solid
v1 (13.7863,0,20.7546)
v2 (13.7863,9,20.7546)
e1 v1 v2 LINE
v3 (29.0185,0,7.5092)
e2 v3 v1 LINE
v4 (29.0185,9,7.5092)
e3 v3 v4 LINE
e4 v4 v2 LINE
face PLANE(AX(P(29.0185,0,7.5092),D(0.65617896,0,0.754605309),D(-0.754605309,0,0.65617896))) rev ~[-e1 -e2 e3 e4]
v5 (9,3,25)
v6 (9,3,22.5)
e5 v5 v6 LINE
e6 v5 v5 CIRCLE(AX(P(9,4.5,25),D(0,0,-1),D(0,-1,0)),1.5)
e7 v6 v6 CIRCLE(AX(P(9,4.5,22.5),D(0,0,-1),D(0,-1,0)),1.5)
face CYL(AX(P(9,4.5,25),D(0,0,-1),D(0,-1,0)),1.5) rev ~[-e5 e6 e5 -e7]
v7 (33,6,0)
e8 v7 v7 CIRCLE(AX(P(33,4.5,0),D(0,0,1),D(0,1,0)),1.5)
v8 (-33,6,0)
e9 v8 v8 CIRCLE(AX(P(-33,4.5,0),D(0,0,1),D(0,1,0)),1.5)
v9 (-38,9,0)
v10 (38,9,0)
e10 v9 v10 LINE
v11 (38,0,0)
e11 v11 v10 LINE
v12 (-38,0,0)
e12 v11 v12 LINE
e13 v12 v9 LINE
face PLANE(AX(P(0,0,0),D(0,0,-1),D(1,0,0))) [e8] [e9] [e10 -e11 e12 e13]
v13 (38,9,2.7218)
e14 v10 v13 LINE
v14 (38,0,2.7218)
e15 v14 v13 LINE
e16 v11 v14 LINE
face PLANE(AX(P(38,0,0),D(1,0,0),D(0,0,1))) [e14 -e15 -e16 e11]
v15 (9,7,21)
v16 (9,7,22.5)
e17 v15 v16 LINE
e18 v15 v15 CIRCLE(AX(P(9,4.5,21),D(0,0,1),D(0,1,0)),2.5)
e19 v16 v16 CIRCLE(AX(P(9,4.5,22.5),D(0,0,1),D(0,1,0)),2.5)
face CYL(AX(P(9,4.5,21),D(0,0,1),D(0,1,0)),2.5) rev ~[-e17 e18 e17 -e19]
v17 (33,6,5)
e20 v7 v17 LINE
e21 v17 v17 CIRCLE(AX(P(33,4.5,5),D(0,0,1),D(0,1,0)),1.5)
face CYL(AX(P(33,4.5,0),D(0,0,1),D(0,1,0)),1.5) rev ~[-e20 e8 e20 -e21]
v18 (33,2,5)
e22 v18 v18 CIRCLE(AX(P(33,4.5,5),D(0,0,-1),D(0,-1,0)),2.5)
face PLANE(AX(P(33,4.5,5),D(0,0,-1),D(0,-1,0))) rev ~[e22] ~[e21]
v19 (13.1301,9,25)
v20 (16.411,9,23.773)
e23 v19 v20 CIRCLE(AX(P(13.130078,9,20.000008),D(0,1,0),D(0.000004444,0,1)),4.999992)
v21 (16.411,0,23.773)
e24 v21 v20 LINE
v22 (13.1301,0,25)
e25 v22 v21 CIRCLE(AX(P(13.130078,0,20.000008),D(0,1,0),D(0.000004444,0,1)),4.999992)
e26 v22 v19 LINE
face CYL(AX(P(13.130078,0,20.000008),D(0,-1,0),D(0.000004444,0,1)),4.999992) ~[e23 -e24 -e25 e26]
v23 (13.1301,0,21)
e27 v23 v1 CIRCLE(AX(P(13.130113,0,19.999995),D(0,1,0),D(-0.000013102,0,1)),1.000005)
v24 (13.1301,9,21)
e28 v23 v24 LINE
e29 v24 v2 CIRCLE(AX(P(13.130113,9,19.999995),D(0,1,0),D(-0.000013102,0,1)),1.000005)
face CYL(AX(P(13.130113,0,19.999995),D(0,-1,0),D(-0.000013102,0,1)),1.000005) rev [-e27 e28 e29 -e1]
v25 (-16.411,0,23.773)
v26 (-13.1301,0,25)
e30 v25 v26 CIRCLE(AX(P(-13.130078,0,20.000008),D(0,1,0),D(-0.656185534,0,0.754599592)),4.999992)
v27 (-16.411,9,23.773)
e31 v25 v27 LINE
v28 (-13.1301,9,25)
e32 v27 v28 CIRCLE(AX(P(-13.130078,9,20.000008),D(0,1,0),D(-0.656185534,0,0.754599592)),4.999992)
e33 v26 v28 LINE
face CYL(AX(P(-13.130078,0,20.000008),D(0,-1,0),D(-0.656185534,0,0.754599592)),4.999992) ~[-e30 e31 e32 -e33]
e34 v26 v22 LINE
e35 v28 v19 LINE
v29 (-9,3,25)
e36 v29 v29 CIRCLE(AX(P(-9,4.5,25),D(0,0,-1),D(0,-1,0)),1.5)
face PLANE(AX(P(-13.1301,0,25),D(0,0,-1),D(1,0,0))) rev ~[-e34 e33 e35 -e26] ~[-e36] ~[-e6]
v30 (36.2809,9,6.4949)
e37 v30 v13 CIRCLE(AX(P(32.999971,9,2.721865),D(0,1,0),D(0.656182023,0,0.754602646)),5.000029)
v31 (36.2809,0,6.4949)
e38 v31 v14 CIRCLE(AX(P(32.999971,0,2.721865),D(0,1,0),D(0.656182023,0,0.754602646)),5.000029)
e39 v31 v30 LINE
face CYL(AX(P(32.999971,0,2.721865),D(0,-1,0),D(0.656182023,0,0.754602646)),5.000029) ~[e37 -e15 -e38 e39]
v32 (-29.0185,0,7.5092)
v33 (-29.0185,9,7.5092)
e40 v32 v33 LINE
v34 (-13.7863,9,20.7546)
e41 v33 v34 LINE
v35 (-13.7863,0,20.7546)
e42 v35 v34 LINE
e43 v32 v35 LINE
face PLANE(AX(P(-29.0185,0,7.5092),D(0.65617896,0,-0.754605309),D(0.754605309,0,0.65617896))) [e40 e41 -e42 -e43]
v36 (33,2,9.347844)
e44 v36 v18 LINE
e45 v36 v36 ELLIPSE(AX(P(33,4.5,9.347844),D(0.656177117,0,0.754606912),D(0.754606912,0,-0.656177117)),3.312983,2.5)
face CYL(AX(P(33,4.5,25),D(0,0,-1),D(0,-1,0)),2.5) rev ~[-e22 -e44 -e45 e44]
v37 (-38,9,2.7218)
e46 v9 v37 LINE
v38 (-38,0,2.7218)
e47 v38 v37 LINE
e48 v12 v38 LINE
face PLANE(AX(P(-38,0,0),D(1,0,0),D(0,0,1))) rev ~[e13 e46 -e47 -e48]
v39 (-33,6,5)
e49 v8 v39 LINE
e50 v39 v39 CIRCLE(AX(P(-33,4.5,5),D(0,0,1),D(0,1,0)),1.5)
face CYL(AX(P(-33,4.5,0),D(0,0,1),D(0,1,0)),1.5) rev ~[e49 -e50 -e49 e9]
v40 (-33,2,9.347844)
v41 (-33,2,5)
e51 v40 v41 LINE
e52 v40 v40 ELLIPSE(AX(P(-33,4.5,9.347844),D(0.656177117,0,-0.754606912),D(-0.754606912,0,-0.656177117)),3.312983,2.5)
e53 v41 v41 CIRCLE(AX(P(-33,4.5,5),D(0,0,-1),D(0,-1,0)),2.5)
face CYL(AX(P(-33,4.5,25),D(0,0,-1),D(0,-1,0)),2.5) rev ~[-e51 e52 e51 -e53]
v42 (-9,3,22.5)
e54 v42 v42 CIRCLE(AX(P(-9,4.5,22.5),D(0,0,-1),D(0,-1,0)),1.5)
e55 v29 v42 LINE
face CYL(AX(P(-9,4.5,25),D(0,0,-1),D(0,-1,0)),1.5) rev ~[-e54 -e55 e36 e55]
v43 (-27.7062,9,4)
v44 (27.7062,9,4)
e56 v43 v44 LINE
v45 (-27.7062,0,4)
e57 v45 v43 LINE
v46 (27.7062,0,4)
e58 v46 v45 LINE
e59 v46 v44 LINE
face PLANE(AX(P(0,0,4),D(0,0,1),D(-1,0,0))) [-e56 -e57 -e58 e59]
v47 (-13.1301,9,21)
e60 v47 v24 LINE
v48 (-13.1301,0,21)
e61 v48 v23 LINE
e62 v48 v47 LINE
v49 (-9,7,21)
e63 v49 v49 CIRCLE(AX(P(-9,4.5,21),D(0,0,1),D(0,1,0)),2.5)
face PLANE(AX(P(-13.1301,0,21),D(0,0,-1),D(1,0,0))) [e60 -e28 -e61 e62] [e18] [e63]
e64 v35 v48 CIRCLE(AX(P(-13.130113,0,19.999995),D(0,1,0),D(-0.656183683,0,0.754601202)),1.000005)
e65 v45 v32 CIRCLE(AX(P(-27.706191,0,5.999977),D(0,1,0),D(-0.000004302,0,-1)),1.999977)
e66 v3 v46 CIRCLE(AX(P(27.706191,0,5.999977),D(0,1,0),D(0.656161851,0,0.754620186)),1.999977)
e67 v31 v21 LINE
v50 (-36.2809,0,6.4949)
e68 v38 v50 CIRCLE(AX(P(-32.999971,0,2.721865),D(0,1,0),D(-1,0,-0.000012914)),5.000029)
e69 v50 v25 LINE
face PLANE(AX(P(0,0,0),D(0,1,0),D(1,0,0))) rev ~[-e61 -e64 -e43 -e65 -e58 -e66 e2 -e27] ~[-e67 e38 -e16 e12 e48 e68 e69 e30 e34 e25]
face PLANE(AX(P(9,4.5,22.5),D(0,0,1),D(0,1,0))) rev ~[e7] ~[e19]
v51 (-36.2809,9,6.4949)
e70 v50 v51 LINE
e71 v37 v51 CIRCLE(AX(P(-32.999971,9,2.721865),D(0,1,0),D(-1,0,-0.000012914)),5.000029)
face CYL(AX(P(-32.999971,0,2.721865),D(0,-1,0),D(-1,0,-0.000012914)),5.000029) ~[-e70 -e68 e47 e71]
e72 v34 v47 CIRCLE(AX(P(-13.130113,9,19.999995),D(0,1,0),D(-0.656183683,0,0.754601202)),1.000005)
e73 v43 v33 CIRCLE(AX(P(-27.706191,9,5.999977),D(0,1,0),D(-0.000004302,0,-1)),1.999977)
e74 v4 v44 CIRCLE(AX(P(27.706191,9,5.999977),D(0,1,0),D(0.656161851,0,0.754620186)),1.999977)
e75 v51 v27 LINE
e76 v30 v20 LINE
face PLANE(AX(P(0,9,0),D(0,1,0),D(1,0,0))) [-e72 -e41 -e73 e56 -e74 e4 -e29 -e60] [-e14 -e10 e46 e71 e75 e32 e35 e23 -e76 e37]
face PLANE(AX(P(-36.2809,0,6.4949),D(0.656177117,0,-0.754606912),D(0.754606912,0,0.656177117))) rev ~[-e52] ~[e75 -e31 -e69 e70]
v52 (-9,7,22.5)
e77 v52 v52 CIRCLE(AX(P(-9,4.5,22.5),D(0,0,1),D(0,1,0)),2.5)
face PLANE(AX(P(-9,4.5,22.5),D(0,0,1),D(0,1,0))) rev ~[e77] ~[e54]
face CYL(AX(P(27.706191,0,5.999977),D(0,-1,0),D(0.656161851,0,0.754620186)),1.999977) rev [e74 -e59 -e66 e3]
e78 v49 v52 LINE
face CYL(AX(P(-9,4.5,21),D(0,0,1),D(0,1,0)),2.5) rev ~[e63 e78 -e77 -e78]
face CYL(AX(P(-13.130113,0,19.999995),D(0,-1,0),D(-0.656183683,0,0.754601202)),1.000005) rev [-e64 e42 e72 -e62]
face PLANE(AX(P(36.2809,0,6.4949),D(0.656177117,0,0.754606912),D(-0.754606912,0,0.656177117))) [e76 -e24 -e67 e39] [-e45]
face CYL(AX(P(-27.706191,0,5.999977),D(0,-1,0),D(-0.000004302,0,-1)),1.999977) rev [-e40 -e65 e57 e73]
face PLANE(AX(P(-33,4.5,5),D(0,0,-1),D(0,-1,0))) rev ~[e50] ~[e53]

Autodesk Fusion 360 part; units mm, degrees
sketch "Sketch1" plane through (0, 0, 0) normal (0, 1, 0) x (1, 0, 0)
  line L0 (0, 0) -> (-33, 0)
  line L1 (0, 0) -> (33, 0)
  line L2 (-33, 0) -> (-38, 0)
  line L3 (33, 0) -> (38, 0)
  line L4 (-38, 0) -> (-38, -2.7218)
  line L5 (-36.2809, -6.4949) -> (-16.411, -23.773)
  line L6 (-13.1301, -25) -> (13.1301, -25)
  line L7 (38, 0) -> (38, -2.7218)
  line L8 (36.2809, -6.4949) -> (16.411, -23.773)
  arc A0 (-38, -2.7218) -> (-36.2809, -6.4949) centre (-33, -2.7218) ccw
  arc A1 (36.2809, -6.4949) -> (38, -2.7218) centre (33, -2.7218) ccw
  arc A2 (13.1301, -25) -> (16.411, -23.773) centre (13.1301, -20) ccw
  arc A3 (-16.411, -23.773) -> (-13.1301, -25) centre (-13.1301, -20) ccw
  line L9 (0, -4) -> (27.7062, -4)
  line L10 (33, -4) -> (33.0541, -4)
  line L11 (29.0185, -7.5092) -> (13.7863, -20.7546)
  arc A4 (13.1301, -21) -> (13.7863, -20.7546) centre (13.1301, -20) ccw
  line L12 (-13.1301, -21) -> (13.1301, -21)
  arc A5 (-13.7863, -20.7546) -> (-13.1301, -21) centre (-13.1301, -20) ccw
  line L13 (-29.0185, -7.5092) -> (-13.7863, -20.7546)
  line L14 (-33, -4) -> (-33.0541, -4)
  line L15 (0, -4) -> (-27.7062, -4)
  arc A6 (-27.7062, -4) -> (-29.0185, -7.5092) centre (-27.7062, -6) ccw
  arc A7 (29.0185, -7.5092) -> (27.7062, -4) centre (27.7062, -6) ccw
  dimension "d2" = 5
  dimension "d3" = 2
  dimension "d4" = 2
extrude "Extrude1" add sketch "Sketch1" along normal blind 9
sketch "Sketch2" plane through (0, 0, 0) normal (0, 0, -1) x (-1, 0, 0)
  line L0 (-38, 0) -> (38, 0)
  line L1 (38, 0) -> (38, 9)
  line L2 (38, 9) -> (-38, 9)
  line L3 (-38, 9) -> (-38, 0)
  line L4 (0, 0) -> (0, 9)
  line L5 (0, 4.5) -> (-33, 4.5)
  line L6 (0, 4.5) -> (33, 4.5)
  dimension "d7" = 33
  dimension "d8" = 33
hole "Hole1" at (33, 4.5, 0) at (-33, 4.5, 0) direction (0, 0, 1) diameter 3 depth 122 tip angle 180
sketch "Sketch3" plane through (0, 0, 25) normal (0, 0, 1) x (1, 0, 0)
  line L0 (-13.1301, 0) -> (13.1301, 0)
  line L1 (13.1301, 0) -> (13.1301, 9)
  line L2 (13.1301, 9) -> (-13.1301, 9)
  line L3 (-13.1301, 9) -> (-13.1301, 0)
  line L4 (0, 0) -> (0, 9)
  line L5 (0, 4.5) -> (-33, 4.5)
  line L6 (0, 4.5) -> (33, 4.5)
  dimension "d12" = 33
  dimension "d13" = 33
hole "Hole2" at (33, 4.5, 25) at (-33, 4.5, 25) direction (0, 0, -1) diameter 5 depth 20 tip angle 180
sketch "Sketch4" plane through (0, 0, 25) normal (0, 0, 1) x (1, 0, 0)
  line L0 (-13.1301, 0) -> (13.1301, 0)
  line L1 (13.1301, 0) -> (13.1301, 9)
  line L2 (13.1301, 9) -> (-13.1301, 9)
  line L3 (-13.1301, 9) -> (-13.1301, 0)
  line L4 (0, 4.5) -> (-9, 4.5)
  line L5 (-9, 4.5) -> (9, 4.5)
  curve L6
  curve L7
  curve L8
  curve L9
  curve L10
  curve L11
  dimension "d20" = 4.5
  dimension "d21" = 9
  dimension "d22" = 9
hole "Hole4" at (9, 4.5, 21) at (-9, 4.5, 21) direction (0, 0, 1) diameter 5 depth 1.5 tip angle 180
hole "Hole3" at (-9, 4.5, 25) at (9, 4.5, 25) direction (0, 0, -1) diameter 3 depth 20 tip angle 180
